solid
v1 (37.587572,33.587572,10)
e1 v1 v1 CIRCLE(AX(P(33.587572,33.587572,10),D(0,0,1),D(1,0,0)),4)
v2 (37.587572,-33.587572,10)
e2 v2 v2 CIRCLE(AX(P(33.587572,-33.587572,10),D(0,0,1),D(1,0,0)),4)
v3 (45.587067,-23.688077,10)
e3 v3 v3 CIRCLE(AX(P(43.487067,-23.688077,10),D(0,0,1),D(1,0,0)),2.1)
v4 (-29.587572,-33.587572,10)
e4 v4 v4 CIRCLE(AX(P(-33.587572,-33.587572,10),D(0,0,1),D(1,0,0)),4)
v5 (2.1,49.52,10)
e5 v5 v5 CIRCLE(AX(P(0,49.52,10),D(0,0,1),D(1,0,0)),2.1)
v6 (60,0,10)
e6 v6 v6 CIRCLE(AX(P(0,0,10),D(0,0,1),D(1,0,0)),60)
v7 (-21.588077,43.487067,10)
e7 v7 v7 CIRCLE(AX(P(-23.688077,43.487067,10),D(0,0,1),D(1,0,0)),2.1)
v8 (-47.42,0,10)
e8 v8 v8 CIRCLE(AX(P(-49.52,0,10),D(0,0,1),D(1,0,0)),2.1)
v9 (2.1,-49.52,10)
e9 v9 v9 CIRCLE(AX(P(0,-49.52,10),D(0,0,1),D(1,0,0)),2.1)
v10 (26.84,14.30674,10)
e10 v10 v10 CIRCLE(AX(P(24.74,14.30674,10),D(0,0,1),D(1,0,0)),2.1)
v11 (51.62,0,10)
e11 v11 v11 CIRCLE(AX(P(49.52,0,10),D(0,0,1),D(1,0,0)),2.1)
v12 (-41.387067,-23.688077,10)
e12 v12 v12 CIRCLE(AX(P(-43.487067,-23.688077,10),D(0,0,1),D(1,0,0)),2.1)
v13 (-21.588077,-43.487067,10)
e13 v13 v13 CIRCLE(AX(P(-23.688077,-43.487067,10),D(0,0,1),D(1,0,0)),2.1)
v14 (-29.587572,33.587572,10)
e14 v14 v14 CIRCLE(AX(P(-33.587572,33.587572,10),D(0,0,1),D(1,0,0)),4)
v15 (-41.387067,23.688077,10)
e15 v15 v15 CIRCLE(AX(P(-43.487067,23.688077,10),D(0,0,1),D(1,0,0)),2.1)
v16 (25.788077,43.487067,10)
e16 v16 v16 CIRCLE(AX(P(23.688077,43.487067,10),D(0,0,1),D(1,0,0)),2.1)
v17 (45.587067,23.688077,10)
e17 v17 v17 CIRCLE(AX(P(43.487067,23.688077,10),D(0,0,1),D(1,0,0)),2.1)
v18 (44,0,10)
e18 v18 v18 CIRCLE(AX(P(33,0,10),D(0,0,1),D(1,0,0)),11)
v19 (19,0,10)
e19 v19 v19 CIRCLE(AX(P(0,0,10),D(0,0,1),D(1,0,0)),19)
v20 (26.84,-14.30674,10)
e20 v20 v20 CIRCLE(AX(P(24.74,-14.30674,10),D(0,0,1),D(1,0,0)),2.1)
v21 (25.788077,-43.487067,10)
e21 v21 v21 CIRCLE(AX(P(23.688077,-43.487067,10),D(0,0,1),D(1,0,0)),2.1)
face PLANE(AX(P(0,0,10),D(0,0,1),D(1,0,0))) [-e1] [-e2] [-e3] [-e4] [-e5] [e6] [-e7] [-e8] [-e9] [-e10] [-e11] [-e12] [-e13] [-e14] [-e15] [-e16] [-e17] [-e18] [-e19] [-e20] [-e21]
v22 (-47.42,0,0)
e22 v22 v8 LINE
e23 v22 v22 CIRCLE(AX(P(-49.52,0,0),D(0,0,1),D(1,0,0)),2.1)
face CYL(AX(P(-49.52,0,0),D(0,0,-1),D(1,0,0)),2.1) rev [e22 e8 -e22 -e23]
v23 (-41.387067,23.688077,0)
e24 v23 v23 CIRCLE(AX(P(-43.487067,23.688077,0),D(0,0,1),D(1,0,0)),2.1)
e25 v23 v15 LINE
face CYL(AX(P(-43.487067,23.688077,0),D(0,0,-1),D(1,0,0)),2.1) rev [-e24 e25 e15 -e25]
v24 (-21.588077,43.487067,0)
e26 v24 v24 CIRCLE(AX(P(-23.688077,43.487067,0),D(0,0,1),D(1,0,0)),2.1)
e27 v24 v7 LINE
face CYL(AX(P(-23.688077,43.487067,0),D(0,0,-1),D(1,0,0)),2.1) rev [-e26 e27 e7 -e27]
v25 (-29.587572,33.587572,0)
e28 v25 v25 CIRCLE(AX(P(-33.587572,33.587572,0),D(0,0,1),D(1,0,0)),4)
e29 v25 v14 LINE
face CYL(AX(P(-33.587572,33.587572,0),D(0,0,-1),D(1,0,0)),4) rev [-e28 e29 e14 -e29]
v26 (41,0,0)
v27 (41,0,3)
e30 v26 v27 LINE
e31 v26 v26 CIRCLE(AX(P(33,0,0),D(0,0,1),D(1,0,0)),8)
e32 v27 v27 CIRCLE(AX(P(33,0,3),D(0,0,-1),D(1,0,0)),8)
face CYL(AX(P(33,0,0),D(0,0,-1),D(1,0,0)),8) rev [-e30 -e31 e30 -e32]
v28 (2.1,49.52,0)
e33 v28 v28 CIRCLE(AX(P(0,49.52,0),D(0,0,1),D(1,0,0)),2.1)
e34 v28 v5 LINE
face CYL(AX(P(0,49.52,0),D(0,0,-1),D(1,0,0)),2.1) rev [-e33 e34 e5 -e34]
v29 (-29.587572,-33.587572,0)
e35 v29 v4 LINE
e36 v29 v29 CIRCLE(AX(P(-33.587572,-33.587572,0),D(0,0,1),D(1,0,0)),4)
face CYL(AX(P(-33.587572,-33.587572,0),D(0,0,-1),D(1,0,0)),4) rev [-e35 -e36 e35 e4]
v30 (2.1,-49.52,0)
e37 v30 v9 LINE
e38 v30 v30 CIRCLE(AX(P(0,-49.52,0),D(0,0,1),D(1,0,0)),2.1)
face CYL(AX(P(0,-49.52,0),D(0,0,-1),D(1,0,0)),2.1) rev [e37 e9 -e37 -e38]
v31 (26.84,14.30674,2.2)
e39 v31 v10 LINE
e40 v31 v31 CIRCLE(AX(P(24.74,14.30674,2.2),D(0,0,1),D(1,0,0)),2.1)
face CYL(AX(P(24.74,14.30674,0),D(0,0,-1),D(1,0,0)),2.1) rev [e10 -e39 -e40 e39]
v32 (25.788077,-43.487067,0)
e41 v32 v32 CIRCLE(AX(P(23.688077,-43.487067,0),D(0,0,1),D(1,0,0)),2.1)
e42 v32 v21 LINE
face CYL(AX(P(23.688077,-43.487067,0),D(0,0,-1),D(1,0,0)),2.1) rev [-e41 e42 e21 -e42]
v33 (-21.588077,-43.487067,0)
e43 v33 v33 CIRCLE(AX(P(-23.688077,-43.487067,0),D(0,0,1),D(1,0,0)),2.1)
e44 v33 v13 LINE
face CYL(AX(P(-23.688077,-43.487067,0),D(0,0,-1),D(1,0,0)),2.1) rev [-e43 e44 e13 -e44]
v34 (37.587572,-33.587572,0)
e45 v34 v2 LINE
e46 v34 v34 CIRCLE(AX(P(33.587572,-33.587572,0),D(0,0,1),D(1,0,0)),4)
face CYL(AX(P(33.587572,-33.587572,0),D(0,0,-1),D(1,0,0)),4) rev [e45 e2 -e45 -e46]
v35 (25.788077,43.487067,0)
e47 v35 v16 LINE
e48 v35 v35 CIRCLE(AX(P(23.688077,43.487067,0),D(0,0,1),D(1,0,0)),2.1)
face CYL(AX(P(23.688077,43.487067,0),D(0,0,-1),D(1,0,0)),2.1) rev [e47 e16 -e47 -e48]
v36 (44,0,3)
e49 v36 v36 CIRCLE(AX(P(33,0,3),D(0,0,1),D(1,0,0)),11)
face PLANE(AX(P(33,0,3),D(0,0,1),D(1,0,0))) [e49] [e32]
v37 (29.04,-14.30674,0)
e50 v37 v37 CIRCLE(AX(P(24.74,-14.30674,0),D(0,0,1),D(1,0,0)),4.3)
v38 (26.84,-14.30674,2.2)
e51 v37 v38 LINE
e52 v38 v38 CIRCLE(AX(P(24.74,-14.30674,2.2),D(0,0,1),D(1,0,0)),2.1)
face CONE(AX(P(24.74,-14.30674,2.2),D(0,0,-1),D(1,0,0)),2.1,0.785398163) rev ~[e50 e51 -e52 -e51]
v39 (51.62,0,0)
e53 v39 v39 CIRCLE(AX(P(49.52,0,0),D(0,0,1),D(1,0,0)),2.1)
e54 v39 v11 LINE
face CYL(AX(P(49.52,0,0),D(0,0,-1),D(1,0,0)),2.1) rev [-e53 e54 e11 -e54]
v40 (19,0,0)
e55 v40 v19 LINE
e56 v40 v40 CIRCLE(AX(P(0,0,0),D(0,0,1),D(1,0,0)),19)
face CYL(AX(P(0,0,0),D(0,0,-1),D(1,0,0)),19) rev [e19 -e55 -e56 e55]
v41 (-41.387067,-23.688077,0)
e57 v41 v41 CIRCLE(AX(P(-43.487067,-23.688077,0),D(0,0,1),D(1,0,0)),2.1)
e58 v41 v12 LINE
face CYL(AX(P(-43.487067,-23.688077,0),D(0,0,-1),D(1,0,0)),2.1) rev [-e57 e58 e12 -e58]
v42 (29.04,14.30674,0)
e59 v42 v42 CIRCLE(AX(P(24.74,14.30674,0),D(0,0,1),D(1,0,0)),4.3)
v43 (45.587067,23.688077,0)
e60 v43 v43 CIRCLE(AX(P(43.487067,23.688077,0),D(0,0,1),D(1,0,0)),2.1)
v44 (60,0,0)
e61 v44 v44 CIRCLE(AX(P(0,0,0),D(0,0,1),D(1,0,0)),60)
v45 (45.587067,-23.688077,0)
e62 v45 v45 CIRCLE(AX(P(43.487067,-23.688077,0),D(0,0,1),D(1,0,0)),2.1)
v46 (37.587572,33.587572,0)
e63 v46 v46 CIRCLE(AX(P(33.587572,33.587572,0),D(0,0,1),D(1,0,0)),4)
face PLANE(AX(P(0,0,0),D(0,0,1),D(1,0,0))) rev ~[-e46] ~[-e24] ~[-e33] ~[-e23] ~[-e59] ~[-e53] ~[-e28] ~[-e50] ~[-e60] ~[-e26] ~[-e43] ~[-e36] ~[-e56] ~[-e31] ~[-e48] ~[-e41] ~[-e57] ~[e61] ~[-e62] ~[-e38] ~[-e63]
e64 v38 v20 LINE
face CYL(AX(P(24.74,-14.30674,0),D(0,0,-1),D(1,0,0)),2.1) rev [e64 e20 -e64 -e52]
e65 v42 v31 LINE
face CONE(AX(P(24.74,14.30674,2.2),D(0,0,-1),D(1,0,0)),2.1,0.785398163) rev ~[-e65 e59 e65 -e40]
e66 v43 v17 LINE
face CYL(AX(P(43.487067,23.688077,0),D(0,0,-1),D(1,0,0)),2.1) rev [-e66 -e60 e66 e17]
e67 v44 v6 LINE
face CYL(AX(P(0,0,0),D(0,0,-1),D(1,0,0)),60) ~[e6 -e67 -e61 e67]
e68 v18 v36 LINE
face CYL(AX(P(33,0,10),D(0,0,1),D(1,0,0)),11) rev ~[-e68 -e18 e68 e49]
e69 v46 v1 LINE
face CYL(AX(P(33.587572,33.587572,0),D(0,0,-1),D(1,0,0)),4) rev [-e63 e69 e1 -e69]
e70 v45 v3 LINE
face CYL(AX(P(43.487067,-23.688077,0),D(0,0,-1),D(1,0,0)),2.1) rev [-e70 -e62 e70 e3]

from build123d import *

# Parameters (mm, degrees)
SKETCH_R     = 60
SKETCH_R_2   = 2.1
SKETCH_R_3   = 19
SKETCH_R_4   = 8
SKETCH_R_5   = 4
PAD_DEPTH    = 10
SKETCH001_R  = 11
POCKET_DEPTH = 7
CHAMFER_SIZE = 2.2


with BuildPart() as part:
    # Sketch → Pad (new body)
    with BuildSketch(Plane.XY):
        Circle(SKETCH_R)
        with Locations((24.74, 14.30674)):
            Circle(SKETCH_R_2, mode=Mode.SUBTRACT)
        with Locations((24.74, -14.30674)):
            Circle(SKETCH_R_2, mode=Mode.SUBTRACT)
        Circle(SKETCH_R_3, mode=Mode.SUBTRACT)
        with Locations((33, 0)):
            Circle(SKETCH_R_4, mode=Mode.SUBTRACT)
        with Locations((49.52, 0)):
            Circle(SKETCH_R_2, mode=Mode.SUBTRACT)
        with Locations((-33.587572, 33.587572)):
            Circle(SKETCH_R_5, mode=Mode.SUBTRACT)
        with Locations((-33.587572, -33.587572)):
            Circle(SKETCH_R_5, mode=Mode.SUBTRACT)
        with Locations((33.587572, -33.587572)):
            Circle(SKETCH_R_5, mode=Mode.SUBTRACT)
        with Locations((33.587572, 33.587572)):
            Circle(SKETCH_R_5, mode=Mode.SUBTRACT)
        with Locations((-49.52, 0)):
            Circle(SKETCH_R_2, mode=Mode.SUBTRACT)
        with Locations((0, 49.52)):
            Circle(SKETCH_R_2, mode=Mode.SUBTRACT)
        with Locations((0, -49.52)):
            Circle(SKETCH_R_2, mode=Mode.SUBTRACT)
        with Locations((-43.487067, 23.688077)):
            Circle(SKETCH_R_2, mode=Mode.SUBTRACT)
        with Locations((-23.688077, 43.487067)):
            Circle(SKETCH_R_2, mode=Mode.SUBTRACT)
        with Locations((23.688077, -43.487067)):
            Circle(SKETCH_R_2, mode=Mode.SUBTRACT)
        with Locations((43.487067, -23.688077)):
            Circle(SKETCH_R_2, mode=Mode.SUBTRACT)
        with Locations((23.688077, 43.487067)):
            Circle(SKETCH_R_2, mode=Mode.SUBTRACT)
        with Locations((43.487067, 23.688077)):
            Circle(SKETCH_R_2, mode=Mode.SUBTRACT)
        with Locations((-43.487067, -23.688077)):
            Circle(SKETCH_R_2, mode=Mode.SUBTRACT)
        with Locations((-23.688077, -43.487067)):
            Circle(SKETCH_R_2, mode=Mode.SUBTRACT)
    extrude(amount=PAD_DEPTH)

    # Sketch001 (on Face23 of Pad) → Pocket (cut)
    with BuildSketch(Plane.XY.offset(10)):
        with Locations((33, 0)):
            Circle(SKETCH001_R)
    extrude(amount=-POCKET_DEPTH, mode=Mode.SUBTRACT)

    # Chamfer
    chamfer_edges = [part.edges().sort_by_distance(p)[0] for p in [
        (22.64, -14.30674, 0),
        (22.64, 14.30674, 0),
    ]]
    chamfer(chamfer_edges, length=CHAMFER_SIZE)


solid = part.part
